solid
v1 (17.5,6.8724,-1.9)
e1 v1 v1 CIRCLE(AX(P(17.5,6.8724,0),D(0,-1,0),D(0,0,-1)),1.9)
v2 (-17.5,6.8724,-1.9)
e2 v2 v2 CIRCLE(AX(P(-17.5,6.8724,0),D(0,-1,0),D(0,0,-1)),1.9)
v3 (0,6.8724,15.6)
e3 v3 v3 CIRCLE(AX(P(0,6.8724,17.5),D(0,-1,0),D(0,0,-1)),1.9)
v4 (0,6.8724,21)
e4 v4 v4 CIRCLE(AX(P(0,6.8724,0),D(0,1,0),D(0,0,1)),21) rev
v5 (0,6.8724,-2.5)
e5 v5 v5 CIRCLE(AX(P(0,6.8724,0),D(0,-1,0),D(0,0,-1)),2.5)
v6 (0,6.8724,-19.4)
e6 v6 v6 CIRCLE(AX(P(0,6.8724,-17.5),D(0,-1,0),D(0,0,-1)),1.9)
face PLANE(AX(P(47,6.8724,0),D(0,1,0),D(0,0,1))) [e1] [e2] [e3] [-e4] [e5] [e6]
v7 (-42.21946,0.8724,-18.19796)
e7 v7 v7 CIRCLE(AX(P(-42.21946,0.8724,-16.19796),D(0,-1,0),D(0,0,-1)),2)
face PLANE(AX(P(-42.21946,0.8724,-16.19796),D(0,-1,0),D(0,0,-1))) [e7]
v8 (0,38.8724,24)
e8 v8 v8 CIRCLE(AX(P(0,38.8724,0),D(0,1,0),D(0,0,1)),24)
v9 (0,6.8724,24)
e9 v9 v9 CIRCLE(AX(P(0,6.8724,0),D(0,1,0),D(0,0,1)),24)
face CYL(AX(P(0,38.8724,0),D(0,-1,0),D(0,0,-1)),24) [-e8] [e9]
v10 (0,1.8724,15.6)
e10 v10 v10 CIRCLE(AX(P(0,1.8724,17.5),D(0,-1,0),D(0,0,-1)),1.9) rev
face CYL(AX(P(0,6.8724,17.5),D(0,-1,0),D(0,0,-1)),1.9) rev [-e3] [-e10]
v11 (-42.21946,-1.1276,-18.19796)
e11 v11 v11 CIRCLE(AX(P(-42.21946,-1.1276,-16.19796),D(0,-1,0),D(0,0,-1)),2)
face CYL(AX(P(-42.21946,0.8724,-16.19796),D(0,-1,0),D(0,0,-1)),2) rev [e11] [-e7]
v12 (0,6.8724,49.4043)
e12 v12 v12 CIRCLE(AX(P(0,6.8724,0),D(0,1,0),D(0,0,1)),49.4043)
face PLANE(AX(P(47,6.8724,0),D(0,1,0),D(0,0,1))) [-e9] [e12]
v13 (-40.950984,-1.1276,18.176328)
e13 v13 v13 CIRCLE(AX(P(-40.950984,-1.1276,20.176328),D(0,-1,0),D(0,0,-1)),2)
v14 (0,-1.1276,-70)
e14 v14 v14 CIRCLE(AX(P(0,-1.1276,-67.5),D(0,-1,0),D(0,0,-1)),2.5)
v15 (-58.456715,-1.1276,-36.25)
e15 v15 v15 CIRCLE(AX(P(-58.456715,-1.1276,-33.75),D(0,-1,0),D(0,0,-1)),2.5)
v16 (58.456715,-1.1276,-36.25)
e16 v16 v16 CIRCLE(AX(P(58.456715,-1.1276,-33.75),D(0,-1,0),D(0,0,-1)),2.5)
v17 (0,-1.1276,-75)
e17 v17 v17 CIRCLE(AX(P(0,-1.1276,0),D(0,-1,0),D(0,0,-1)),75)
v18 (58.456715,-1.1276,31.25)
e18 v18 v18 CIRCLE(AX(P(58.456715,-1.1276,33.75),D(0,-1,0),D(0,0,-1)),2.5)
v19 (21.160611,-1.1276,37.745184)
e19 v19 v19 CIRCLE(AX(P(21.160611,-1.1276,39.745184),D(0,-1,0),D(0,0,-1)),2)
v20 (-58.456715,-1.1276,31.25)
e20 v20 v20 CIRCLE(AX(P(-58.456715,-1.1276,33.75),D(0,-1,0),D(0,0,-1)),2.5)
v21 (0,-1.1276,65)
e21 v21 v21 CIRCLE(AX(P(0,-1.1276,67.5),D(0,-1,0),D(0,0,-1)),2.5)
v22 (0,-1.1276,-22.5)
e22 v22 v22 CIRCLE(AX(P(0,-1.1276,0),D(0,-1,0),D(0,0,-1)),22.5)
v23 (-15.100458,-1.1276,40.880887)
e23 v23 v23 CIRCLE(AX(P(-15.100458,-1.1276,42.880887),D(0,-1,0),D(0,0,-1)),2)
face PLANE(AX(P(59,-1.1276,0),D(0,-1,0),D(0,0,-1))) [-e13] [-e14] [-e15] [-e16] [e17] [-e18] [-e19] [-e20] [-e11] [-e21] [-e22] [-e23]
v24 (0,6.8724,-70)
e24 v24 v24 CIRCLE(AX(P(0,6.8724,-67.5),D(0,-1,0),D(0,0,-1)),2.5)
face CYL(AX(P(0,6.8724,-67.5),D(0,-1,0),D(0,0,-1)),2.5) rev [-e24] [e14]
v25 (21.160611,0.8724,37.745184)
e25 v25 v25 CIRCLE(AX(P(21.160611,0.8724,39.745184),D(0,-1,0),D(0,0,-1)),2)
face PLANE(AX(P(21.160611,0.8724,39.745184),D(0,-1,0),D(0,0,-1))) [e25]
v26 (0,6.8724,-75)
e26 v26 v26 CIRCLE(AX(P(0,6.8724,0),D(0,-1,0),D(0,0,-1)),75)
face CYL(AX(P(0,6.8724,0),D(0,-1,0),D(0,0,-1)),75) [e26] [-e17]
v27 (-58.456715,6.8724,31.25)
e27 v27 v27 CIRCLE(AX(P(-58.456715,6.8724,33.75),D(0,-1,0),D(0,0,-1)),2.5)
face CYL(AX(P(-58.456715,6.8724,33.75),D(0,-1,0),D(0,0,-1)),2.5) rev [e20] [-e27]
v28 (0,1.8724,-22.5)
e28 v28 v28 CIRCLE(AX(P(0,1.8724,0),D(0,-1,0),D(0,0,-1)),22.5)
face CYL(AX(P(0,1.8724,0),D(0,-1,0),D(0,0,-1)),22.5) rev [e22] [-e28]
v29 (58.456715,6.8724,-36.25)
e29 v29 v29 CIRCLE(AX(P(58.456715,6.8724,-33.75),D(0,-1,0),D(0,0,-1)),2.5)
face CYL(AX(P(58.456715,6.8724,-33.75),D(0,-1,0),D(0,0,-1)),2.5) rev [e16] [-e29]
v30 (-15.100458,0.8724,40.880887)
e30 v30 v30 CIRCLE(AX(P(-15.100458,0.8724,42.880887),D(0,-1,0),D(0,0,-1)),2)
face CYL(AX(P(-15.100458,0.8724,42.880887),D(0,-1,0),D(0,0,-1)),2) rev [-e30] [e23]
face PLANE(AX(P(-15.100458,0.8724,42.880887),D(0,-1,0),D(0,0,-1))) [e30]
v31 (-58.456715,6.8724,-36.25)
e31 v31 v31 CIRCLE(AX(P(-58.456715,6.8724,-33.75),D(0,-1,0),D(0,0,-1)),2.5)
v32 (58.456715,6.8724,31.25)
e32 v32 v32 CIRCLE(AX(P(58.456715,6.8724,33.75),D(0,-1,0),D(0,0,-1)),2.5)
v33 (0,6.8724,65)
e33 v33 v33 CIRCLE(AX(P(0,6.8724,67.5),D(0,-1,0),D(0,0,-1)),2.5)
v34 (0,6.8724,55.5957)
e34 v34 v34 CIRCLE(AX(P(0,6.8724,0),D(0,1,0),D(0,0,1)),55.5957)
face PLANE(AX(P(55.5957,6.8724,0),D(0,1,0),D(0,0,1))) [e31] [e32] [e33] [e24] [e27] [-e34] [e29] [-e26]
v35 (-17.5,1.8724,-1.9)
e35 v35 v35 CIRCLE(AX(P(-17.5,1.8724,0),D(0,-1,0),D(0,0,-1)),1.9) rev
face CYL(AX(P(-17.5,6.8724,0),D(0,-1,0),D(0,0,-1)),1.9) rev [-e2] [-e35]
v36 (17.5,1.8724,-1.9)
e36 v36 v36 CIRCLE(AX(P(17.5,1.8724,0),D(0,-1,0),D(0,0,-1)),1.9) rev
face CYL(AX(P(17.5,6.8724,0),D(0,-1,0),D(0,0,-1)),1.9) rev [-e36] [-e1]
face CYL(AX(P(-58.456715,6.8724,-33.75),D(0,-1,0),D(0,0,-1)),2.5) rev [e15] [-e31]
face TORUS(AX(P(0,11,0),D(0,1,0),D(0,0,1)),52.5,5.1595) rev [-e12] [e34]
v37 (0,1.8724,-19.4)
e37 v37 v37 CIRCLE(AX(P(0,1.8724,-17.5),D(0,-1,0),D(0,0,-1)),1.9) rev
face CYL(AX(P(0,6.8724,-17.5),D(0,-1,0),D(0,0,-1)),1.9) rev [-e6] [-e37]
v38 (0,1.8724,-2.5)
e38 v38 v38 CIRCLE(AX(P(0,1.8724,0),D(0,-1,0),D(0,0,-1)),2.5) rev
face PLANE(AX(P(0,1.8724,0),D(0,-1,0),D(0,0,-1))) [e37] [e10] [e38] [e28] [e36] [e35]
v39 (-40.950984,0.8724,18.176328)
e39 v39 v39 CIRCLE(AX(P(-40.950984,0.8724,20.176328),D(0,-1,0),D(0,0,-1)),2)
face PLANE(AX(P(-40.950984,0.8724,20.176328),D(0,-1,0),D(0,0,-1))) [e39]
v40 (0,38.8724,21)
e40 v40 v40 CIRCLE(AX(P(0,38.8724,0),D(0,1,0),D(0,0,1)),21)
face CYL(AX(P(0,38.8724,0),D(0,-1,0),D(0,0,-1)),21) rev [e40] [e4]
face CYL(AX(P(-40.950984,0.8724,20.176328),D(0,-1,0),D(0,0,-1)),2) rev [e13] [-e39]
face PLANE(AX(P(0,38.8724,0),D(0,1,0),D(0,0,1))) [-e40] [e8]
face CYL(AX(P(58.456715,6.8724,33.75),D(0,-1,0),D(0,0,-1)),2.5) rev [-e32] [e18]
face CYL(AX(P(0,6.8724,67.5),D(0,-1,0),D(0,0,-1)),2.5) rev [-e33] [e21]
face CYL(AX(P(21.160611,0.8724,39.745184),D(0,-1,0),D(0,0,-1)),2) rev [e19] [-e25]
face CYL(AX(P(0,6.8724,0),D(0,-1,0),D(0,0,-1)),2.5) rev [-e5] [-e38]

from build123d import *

# Parameters (mm, degrees)
SKETCH2_R           = 75
SKETCH2_R_2         = 59
SKETCH2_R_3         = 47
BOSS_EXTRUDE1_DEPTH = 8
SKETCH4_R           = 2.5
CUT_EXTRUDE1_DEPTH  = 8
SKETCH5_R           = 1.9
CUT_EXTRUDE2_DEPTH  = 8
SKETCH7_R           = 22.5
CUT_EXTRUDE3_DEPTH  = 3
SKETCH8_R           = 24
SKETCH8_R_2         = 21
BOSS_EXTRUDE3_DEPTH = 32
SKETCH9_R           = 2.5
CUT_EXTRUDE4_DEPTH  = 8
SKETCH10_R          = 2
CUT_EXTRUDE7_DEPTH  = 2


with BuildPart() as part:
    # Sketch1 → Revolve1 (revolve)
    with BuildSketch(Plane(origin=(0, 0, 0), x_dir=(-1, 0, 0), z_dir=(0, 0, -1)), mode=Mode.PRIVATE) as revolve1_sk:
        with BuildLine():
            Line((-59, -1.1276), (-47, -1.1276))
            ThreePointArc((-47, -1.1276), (-46.292893219, -0.834706781), (-46, -0.1276))
            Line((-46, -0.1276), (-46, 5.8724))
            Line((-46, 5.8724), (-47, 6.8724))
            Line((-47, 6.8724), (-49.4043, 6.8724))
            ThreePointArc((-49.4043, 6.8724), (-52.5, 5.8405), (-55.5957, 6.8724))
            Line((-55.5957, 6.8724), (-59, 6.8724))
            Line((-59, 6.8724), (-60, 5.8724))
            Line((-60, 5.8724), (-60, -0.1276))
            ThreePointArc((-60, -0.1276), (-59.707106781, -0.834706781), (-59, -1.1276))
        make_face()
    revolve(revolve1_sk.sketch.rotate(Axis((0, 0, 0), (0, 1, 0)), 270), axis=Axis((0, 0, 0), (0, 1, 0)))

    # Sketch2 → Boss-Extrude1 (add)
    # profile 1 of 2: a face of its own
    with BuildSketch(Plane.XZ.offset(1.1276)):
        with Locations(Location((0, 0, 0), (0, 0, 270))):
            Circle(SKETCH2_R)
        Circle(SKETCH2_R_2, mode=Mode.SUBTRACT)
    # profile 2 of 2: a face of its own
    with BuildSketch(Plane.XZ.offset(1.1276)):
        Circle(SKETCH2_R_3)
    extrude(amount=-BOSS_EXTRUDE1_DEPTH)

    # Sketch4 → Cut-Extrude1 (cut)
    with BuildSketch(Plane.XZ.offset(1.1276)):
        with Locations(Location((0, 0, 0), (0, 0, 270))):
            Circle(SKETCH4_R)
    extrude(amount=-CUT_EXTRUDE1_DEPTH, mode=Mode.SUBTRACT)

    # Sketch5 → Cut-Extrude2 (cut)
    with BuildSketch(Plane.XZ.offset(1.1276)):
        with Locations(Location((0, 17.5, 0), (0, 0, 270))):
            Circle(SKETCH5_R)
        with Locations(Location((17.5, 0, 0), (0, 0, 270))):
            Circle(SKETCH5_R)
        with Locations(Location((0, -17.5, 0), (0, 0, 270))):
            Circle(SKETCH5_R)
        with Locations(Location((-17.5, 0, 0), (0, 0, 270))):
            Circle(SKETCH5_R)
    extrude(amount=-CUT_EXTRUDE2_DEPTH, mode=Mode.SUBTRACT)

    # Sketch7 → Cut-Extrude3 (cut)
    with BuildSketch(Plane.XZ.offset(1.1276)):
        with Locations(Location((0, 0, 0), (0, 0, 270))):
            Circle(SKETCH7_R)
    extrude(amount=-CUT_EXTRUDE3_DEPTH, mode=Mode.SUBTRACT)

    # Sketch8 → Boss-Extrude3 (add)
    with BuildSketch(Plane(origin=(0, 6.8724, 0), x_dir=(1, 0, 0), z_dir=(0, 1, 0))):
        with Locations(Location((0, 0, 0), (0, 0, 270))):
            Circle(SKETCH8_R)
        with Locations(Location((0, 0, 0), (0, 0, 270))):
            Circle(SKETCH8_R_2, mode=Mode.SUBTRACT)
    extrude(amount=BOSS_EXTRUDE3_DEPTH)

    # Sketch9 → Cut-Extrude4 (cut)
    with BuildSketch(Plane.XZ.offset(1.1276)):
        with Locations(Location((0, -67.5, 0), (0, 0, 270))):
            Circle(SKETCH9_R)
        with Locations(Location((-58.456714755, -33.75, 0), (0, 0, 270))):
            Circle(SKETCH9_R)
        with Locations(Location((-58.456714755, 33.75, 0), (0, 0, 270))):
            Circle(SKETCH9_R)
        with Locations(Location((0, 67.5, 0), (0, 0, 270))):
            Circle(SKETCH9_R)
        with Locations(Location((58.456714755, 33.75, 0), (0, 0, 270))):
            Circle(SKETCH9_R)
        with Locations(Location((58.456714755, -33.75, 0), (0, 0, 270))):
            Circle(SKETCH9_R)
    extrude(amount=-CUT_EXTRUDE4_DEPTH, mode=Mode.SUBTRACT)

    # Sketch10 → Cut-Extrude7 (cut)
    with BuildSketch(Plane.XZ.offset(1.1276)):
        with Locations(Location((-15.100458433, 42.880887256, 0), (0, 0, 270))):
            Circle(SKETCH10_R)
        with Locations(Location((21.160611362, 39.745183733, 0), (0, 0, 270))):
            Circle(SKETCH10_R)
        with Locations(Location((-40.950984141, 20.176327665, 0), (0, 0, 270))):
            Circle(SKETCH10_R)
        with Locations(Location((-42.219460081, -16.197959793, 0), (0, 0, 270))):
            Circle(SKETCH10_R)
    extrude(amount=-CUT_EXTRUDE7_DEPTH, mode=Mode.SUBTRACT)


solid = part.part
